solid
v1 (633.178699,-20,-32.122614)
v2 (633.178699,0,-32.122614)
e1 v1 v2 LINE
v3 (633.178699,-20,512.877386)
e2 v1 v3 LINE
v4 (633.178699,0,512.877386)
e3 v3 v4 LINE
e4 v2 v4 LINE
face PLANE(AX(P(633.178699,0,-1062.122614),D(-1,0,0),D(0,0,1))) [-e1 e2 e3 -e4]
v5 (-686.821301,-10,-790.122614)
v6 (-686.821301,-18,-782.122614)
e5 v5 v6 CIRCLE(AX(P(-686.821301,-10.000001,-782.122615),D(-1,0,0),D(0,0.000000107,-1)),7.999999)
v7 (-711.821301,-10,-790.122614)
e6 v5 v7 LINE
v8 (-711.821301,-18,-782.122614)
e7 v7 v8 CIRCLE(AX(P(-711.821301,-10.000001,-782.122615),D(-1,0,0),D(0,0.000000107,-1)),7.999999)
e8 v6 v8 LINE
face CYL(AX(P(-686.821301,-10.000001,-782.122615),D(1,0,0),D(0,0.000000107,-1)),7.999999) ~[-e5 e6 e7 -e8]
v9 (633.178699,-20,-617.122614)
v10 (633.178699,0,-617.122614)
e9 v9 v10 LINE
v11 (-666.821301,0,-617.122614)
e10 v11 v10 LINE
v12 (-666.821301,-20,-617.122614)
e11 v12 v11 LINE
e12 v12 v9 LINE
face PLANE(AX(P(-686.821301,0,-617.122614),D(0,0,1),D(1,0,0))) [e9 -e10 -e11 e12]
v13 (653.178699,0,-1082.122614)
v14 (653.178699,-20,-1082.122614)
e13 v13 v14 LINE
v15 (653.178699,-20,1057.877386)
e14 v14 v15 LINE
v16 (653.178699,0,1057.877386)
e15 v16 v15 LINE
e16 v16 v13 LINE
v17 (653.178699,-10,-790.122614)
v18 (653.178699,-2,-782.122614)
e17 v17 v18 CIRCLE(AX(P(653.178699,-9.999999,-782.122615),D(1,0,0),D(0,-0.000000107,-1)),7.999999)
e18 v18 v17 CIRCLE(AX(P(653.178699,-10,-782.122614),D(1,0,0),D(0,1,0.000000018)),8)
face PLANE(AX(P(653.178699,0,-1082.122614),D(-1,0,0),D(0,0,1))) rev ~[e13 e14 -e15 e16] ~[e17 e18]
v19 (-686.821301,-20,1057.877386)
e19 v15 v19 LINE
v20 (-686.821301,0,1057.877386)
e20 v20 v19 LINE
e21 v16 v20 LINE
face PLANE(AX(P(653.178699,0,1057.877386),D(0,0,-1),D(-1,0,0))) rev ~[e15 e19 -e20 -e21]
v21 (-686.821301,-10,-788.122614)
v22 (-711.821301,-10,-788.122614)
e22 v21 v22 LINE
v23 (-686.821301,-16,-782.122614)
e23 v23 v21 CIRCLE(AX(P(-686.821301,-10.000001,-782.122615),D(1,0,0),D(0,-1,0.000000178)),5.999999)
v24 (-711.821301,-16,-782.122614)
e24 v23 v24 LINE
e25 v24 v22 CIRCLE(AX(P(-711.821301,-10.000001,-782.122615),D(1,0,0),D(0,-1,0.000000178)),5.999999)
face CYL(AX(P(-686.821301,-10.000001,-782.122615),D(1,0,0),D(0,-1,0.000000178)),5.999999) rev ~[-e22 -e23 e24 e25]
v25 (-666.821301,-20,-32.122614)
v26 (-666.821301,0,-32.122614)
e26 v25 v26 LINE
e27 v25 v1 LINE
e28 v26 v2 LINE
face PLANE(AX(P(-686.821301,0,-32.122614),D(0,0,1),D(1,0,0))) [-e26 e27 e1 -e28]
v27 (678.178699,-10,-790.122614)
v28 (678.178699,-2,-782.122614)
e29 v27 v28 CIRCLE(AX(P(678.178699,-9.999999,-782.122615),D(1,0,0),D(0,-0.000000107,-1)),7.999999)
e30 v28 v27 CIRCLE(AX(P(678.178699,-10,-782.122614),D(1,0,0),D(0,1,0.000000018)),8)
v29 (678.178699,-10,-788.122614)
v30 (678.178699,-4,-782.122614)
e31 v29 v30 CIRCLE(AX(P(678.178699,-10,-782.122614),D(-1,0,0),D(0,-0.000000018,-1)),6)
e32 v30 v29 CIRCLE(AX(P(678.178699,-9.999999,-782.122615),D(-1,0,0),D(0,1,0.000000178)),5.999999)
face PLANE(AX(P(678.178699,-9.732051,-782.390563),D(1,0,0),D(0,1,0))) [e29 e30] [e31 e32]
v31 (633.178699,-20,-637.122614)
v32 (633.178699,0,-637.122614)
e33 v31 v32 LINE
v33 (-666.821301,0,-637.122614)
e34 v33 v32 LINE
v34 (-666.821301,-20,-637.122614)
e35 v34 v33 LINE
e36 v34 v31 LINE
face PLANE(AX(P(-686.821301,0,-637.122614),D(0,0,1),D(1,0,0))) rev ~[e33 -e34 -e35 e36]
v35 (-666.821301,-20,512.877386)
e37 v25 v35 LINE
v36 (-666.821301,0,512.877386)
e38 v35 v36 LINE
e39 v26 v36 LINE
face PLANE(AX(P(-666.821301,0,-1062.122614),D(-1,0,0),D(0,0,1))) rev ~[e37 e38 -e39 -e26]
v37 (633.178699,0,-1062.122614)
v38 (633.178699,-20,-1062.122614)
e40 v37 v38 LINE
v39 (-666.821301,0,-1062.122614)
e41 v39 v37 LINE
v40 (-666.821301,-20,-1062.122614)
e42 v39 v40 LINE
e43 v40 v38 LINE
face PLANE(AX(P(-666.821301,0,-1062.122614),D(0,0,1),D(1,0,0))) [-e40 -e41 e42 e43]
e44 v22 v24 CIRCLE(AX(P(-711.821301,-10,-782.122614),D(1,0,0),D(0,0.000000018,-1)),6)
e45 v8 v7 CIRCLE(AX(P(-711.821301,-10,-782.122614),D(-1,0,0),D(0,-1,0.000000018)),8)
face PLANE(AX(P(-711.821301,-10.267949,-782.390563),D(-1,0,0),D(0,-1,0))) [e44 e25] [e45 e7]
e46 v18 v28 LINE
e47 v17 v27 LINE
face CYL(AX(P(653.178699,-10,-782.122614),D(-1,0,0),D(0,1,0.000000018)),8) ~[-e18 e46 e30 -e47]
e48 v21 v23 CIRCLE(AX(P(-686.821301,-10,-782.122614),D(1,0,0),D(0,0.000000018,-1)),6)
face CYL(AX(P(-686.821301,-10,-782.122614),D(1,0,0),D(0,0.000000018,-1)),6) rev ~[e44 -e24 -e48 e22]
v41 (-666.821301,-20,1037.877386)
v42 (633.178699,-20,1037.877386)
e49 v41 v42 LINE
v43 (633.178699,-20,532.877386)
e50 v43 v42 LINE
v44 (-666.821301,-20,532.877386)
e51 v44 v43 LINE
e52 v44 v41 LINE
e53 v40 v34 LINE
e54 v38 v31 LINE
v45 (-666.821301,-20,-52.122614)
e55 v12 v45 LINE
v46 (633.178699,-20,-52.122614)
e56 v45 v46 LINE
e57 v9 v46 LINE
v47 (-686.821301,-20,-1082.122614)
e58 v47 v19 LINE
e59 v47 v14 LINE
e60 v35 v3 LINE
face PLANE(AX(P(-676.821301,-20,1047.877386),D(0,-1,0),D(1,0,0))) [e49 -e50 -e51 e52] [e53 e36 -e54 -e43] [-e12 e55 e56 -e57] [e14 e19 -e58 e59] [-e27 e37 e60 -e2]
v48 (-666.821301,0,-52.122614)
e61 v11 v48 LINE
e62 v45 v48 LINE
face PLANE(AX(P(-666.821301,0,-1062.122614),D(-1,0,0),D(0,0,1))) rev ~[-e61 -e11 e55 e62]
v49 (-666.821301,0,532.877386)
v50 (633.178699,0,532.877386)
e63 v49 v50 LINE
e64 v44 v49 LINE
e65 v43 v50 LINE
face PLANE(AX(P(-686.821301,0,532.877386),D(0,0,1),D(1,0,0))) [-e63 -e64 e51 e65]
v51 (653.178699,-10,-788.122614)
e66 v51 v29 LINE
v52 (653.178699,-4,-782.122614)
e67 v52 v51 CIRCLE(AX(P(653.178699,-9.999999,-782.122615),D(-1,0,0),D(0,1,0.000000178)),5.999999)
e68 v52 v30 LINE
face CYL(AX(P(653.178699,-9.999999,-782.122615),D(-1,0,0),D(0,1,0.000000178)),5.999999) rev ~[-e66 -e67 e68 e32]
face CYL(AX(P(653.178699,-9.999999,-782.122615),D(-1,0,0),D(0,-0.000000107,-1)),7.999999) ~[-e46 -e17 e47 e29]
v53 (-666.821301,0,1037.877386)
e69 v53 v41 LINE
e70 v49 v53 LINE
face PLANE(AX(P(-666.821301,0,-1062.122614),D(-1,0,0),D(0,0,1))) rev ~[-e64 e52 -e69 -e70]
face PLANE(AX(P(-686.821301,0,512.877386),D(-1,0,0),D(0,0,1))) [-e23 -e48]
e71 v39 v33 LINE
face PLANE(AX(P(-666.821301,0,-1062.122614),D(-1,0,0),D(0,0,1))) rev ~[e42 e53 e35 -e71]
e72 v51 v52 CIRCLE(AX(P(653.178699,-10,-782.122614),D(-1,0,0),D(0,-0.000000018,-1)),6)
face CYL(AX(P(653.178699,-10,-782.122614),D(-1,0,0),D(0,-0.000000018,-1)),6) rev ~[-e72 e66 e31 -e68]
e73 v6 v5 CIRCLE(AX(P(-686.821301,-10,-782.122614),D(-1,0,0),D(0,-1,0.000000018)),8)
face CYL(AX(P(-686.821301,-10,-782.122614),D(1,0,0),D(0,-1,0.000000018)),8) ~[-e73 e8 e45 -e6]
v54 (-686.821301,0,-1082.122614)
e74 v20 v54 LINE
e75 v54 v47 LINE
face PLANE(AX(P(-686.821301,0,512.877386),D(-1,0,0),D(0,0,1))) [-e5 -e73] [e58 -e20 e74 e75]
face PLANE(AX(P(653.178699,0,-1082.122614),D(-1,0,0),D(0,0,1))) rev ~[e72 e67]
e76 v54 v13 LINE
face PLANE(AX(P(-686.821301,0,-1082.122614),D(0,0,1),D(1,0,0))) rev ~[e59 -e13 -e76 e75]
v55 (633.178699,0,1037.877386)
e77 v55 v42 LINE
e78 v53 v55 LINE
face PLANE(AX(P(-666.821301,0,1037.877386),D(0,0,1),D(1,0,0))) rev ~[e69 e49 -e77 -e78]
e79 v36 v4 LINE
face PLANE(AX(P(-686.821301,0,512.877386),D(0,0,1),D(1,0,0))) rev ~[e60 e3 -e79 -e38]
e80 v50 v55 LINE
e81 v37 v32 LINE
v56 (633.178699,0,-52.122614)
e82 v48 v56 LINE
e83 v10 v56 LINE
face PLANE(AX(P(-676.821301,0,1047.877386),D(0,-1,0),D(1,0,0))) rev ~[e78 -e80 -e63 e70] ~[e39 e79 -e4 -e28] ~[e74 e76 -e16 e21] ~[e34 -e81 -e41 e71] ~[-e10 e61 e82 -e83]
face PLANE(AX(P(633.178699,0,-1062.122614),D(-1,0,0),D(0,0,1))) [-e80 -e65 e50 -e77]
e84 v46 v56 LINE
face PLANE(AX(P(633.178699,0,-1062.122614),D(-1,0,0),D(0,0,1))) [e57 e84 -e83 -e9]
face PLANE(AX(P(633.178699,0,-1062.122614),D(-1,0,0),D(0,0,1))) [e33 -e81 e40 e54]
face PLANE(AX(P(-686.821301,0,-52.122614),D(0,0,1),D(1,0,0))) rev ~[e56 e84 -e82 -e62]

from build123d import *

# Parameters (mm, degrees)
F0_W     = 20
F0_H     = 20
F0_H_2   = 2100
F0_W_2   = 1300
F1_DEPTH = 20
F2_W     = 1340
F2_H     = 20
F3_DEPTH = 20
F5_DEPTH = 25
F7_DEPTH = 25


with BuildPart() as f1:
    # F0 (on Front) → F1 (new body)
    with BuildSketch(Plane.XZ):
        with Locations((-676.821301, 1047.877386)):
            Rectangle(F0_W, F0_H)
        with Locations((-676.821301, -12.122614)):
            Rectangle(F0_W, F0_H_2)
        with Locations((-16.821301, 1047.877386)):
            Rectangle(F0_W_2, F0_H)
        with Locations((-676.821301, -1072.122614)):
            Rectangle(F0_W, F0_H)
        with Locations((643.178699, 1047.877386)):
            Rectangle(F0_W, F0_H)
        with Locations((643.178699, -12.122614)):
            Rectangle(F0_W, F0_H_2)
        with Locations((-16.821301, -1072.122614)):
            Rectangle(F0_W_2, F0_H)
        with Locations((643.178699, -1072.122614)):
            Rectangle(F0_W, F0_H)
    extrude(amount=F1_DEPTH)

    # F2 (on Front) → F3 (join)
    with BuildSketch(Plane.XZ):
        with Locations((-16.821301, 522.877386)):
            Rectangle(F2_W, F2_H)
        with Locations((-16.821301, -42.122614)):
            Rectangle(F2_W, F2_H)
        with Locations((-16.821301, -627.122614)):
            Rectangle(F2_W, F2_H)
    extrude(amount=F3_DEPTH)

    # F4 (on face) → F5 (join)
    with BuildSketch(Plane(origin=(-686.821301, 0, 0), x_dir=(0, -1, 0), z_dir=(-1, 0, 0))):
        with BuildLine():
            ThreePointArc((16, -782.122614), (5.757359, -777.879974), (10, -788.122614))
            ThreePointArc((10, -788.122614), (14.242641, -786.365255), (16, -782.122614))
        make_face()
        with BuildLine():
            ThreePointArc((18, -782.122614), (4.343146, -776.46576), (10, -790.122614))
            ThreePointArc((10, -790.122614), (15.656854, -787.779469), (18, -782.122614))
        make_face()
        with BuildLine():
            ThreePointArc((16, -782.122614), (14.242641, -786.365255), (10, -788.122614))
            ThreePointArc((10, -788.122614), (5.757359, -777.879974), (16, -782.122614))
        make_face(mode=Mode.SUBTRACT)
    extrude(amount=F5_DEPTH)

    # F6 (on face) → F7 (join)
    with BuildSketch(Plane.YZ.offset(653.178699)):
        with BuildLine():
            ThreePointArc((-4, -782.122614), (-14.242641, -777.879974), (-10, -788.122614))
            ThreePointArc((-10, -788.122614), (-5.757359, -786.365255), (-4, -782.122614))
        make_face()
        with BuildLine():
            ThreePointArc((-2, -782.122614), (-15.656854, -776.46576), (-10, -790.122614))
            ThreePointArc((-10, -790.122614), (-4.343146, -787.779469), (-2, -782.122614))
        make_face()
        with BuildLine():
            ThreePointArc((-4, -782.122614), (-5.757359, -786.365255), (-10, -788.122614))
            ThreePointArc((-10, -788.122614), (-14.242641, -777.879974), (-4, -782.122614))
        make_face(mode=Mode.SUBTRACT)
    extrude(amount=F7_DEPTH)


solid = f1.part
